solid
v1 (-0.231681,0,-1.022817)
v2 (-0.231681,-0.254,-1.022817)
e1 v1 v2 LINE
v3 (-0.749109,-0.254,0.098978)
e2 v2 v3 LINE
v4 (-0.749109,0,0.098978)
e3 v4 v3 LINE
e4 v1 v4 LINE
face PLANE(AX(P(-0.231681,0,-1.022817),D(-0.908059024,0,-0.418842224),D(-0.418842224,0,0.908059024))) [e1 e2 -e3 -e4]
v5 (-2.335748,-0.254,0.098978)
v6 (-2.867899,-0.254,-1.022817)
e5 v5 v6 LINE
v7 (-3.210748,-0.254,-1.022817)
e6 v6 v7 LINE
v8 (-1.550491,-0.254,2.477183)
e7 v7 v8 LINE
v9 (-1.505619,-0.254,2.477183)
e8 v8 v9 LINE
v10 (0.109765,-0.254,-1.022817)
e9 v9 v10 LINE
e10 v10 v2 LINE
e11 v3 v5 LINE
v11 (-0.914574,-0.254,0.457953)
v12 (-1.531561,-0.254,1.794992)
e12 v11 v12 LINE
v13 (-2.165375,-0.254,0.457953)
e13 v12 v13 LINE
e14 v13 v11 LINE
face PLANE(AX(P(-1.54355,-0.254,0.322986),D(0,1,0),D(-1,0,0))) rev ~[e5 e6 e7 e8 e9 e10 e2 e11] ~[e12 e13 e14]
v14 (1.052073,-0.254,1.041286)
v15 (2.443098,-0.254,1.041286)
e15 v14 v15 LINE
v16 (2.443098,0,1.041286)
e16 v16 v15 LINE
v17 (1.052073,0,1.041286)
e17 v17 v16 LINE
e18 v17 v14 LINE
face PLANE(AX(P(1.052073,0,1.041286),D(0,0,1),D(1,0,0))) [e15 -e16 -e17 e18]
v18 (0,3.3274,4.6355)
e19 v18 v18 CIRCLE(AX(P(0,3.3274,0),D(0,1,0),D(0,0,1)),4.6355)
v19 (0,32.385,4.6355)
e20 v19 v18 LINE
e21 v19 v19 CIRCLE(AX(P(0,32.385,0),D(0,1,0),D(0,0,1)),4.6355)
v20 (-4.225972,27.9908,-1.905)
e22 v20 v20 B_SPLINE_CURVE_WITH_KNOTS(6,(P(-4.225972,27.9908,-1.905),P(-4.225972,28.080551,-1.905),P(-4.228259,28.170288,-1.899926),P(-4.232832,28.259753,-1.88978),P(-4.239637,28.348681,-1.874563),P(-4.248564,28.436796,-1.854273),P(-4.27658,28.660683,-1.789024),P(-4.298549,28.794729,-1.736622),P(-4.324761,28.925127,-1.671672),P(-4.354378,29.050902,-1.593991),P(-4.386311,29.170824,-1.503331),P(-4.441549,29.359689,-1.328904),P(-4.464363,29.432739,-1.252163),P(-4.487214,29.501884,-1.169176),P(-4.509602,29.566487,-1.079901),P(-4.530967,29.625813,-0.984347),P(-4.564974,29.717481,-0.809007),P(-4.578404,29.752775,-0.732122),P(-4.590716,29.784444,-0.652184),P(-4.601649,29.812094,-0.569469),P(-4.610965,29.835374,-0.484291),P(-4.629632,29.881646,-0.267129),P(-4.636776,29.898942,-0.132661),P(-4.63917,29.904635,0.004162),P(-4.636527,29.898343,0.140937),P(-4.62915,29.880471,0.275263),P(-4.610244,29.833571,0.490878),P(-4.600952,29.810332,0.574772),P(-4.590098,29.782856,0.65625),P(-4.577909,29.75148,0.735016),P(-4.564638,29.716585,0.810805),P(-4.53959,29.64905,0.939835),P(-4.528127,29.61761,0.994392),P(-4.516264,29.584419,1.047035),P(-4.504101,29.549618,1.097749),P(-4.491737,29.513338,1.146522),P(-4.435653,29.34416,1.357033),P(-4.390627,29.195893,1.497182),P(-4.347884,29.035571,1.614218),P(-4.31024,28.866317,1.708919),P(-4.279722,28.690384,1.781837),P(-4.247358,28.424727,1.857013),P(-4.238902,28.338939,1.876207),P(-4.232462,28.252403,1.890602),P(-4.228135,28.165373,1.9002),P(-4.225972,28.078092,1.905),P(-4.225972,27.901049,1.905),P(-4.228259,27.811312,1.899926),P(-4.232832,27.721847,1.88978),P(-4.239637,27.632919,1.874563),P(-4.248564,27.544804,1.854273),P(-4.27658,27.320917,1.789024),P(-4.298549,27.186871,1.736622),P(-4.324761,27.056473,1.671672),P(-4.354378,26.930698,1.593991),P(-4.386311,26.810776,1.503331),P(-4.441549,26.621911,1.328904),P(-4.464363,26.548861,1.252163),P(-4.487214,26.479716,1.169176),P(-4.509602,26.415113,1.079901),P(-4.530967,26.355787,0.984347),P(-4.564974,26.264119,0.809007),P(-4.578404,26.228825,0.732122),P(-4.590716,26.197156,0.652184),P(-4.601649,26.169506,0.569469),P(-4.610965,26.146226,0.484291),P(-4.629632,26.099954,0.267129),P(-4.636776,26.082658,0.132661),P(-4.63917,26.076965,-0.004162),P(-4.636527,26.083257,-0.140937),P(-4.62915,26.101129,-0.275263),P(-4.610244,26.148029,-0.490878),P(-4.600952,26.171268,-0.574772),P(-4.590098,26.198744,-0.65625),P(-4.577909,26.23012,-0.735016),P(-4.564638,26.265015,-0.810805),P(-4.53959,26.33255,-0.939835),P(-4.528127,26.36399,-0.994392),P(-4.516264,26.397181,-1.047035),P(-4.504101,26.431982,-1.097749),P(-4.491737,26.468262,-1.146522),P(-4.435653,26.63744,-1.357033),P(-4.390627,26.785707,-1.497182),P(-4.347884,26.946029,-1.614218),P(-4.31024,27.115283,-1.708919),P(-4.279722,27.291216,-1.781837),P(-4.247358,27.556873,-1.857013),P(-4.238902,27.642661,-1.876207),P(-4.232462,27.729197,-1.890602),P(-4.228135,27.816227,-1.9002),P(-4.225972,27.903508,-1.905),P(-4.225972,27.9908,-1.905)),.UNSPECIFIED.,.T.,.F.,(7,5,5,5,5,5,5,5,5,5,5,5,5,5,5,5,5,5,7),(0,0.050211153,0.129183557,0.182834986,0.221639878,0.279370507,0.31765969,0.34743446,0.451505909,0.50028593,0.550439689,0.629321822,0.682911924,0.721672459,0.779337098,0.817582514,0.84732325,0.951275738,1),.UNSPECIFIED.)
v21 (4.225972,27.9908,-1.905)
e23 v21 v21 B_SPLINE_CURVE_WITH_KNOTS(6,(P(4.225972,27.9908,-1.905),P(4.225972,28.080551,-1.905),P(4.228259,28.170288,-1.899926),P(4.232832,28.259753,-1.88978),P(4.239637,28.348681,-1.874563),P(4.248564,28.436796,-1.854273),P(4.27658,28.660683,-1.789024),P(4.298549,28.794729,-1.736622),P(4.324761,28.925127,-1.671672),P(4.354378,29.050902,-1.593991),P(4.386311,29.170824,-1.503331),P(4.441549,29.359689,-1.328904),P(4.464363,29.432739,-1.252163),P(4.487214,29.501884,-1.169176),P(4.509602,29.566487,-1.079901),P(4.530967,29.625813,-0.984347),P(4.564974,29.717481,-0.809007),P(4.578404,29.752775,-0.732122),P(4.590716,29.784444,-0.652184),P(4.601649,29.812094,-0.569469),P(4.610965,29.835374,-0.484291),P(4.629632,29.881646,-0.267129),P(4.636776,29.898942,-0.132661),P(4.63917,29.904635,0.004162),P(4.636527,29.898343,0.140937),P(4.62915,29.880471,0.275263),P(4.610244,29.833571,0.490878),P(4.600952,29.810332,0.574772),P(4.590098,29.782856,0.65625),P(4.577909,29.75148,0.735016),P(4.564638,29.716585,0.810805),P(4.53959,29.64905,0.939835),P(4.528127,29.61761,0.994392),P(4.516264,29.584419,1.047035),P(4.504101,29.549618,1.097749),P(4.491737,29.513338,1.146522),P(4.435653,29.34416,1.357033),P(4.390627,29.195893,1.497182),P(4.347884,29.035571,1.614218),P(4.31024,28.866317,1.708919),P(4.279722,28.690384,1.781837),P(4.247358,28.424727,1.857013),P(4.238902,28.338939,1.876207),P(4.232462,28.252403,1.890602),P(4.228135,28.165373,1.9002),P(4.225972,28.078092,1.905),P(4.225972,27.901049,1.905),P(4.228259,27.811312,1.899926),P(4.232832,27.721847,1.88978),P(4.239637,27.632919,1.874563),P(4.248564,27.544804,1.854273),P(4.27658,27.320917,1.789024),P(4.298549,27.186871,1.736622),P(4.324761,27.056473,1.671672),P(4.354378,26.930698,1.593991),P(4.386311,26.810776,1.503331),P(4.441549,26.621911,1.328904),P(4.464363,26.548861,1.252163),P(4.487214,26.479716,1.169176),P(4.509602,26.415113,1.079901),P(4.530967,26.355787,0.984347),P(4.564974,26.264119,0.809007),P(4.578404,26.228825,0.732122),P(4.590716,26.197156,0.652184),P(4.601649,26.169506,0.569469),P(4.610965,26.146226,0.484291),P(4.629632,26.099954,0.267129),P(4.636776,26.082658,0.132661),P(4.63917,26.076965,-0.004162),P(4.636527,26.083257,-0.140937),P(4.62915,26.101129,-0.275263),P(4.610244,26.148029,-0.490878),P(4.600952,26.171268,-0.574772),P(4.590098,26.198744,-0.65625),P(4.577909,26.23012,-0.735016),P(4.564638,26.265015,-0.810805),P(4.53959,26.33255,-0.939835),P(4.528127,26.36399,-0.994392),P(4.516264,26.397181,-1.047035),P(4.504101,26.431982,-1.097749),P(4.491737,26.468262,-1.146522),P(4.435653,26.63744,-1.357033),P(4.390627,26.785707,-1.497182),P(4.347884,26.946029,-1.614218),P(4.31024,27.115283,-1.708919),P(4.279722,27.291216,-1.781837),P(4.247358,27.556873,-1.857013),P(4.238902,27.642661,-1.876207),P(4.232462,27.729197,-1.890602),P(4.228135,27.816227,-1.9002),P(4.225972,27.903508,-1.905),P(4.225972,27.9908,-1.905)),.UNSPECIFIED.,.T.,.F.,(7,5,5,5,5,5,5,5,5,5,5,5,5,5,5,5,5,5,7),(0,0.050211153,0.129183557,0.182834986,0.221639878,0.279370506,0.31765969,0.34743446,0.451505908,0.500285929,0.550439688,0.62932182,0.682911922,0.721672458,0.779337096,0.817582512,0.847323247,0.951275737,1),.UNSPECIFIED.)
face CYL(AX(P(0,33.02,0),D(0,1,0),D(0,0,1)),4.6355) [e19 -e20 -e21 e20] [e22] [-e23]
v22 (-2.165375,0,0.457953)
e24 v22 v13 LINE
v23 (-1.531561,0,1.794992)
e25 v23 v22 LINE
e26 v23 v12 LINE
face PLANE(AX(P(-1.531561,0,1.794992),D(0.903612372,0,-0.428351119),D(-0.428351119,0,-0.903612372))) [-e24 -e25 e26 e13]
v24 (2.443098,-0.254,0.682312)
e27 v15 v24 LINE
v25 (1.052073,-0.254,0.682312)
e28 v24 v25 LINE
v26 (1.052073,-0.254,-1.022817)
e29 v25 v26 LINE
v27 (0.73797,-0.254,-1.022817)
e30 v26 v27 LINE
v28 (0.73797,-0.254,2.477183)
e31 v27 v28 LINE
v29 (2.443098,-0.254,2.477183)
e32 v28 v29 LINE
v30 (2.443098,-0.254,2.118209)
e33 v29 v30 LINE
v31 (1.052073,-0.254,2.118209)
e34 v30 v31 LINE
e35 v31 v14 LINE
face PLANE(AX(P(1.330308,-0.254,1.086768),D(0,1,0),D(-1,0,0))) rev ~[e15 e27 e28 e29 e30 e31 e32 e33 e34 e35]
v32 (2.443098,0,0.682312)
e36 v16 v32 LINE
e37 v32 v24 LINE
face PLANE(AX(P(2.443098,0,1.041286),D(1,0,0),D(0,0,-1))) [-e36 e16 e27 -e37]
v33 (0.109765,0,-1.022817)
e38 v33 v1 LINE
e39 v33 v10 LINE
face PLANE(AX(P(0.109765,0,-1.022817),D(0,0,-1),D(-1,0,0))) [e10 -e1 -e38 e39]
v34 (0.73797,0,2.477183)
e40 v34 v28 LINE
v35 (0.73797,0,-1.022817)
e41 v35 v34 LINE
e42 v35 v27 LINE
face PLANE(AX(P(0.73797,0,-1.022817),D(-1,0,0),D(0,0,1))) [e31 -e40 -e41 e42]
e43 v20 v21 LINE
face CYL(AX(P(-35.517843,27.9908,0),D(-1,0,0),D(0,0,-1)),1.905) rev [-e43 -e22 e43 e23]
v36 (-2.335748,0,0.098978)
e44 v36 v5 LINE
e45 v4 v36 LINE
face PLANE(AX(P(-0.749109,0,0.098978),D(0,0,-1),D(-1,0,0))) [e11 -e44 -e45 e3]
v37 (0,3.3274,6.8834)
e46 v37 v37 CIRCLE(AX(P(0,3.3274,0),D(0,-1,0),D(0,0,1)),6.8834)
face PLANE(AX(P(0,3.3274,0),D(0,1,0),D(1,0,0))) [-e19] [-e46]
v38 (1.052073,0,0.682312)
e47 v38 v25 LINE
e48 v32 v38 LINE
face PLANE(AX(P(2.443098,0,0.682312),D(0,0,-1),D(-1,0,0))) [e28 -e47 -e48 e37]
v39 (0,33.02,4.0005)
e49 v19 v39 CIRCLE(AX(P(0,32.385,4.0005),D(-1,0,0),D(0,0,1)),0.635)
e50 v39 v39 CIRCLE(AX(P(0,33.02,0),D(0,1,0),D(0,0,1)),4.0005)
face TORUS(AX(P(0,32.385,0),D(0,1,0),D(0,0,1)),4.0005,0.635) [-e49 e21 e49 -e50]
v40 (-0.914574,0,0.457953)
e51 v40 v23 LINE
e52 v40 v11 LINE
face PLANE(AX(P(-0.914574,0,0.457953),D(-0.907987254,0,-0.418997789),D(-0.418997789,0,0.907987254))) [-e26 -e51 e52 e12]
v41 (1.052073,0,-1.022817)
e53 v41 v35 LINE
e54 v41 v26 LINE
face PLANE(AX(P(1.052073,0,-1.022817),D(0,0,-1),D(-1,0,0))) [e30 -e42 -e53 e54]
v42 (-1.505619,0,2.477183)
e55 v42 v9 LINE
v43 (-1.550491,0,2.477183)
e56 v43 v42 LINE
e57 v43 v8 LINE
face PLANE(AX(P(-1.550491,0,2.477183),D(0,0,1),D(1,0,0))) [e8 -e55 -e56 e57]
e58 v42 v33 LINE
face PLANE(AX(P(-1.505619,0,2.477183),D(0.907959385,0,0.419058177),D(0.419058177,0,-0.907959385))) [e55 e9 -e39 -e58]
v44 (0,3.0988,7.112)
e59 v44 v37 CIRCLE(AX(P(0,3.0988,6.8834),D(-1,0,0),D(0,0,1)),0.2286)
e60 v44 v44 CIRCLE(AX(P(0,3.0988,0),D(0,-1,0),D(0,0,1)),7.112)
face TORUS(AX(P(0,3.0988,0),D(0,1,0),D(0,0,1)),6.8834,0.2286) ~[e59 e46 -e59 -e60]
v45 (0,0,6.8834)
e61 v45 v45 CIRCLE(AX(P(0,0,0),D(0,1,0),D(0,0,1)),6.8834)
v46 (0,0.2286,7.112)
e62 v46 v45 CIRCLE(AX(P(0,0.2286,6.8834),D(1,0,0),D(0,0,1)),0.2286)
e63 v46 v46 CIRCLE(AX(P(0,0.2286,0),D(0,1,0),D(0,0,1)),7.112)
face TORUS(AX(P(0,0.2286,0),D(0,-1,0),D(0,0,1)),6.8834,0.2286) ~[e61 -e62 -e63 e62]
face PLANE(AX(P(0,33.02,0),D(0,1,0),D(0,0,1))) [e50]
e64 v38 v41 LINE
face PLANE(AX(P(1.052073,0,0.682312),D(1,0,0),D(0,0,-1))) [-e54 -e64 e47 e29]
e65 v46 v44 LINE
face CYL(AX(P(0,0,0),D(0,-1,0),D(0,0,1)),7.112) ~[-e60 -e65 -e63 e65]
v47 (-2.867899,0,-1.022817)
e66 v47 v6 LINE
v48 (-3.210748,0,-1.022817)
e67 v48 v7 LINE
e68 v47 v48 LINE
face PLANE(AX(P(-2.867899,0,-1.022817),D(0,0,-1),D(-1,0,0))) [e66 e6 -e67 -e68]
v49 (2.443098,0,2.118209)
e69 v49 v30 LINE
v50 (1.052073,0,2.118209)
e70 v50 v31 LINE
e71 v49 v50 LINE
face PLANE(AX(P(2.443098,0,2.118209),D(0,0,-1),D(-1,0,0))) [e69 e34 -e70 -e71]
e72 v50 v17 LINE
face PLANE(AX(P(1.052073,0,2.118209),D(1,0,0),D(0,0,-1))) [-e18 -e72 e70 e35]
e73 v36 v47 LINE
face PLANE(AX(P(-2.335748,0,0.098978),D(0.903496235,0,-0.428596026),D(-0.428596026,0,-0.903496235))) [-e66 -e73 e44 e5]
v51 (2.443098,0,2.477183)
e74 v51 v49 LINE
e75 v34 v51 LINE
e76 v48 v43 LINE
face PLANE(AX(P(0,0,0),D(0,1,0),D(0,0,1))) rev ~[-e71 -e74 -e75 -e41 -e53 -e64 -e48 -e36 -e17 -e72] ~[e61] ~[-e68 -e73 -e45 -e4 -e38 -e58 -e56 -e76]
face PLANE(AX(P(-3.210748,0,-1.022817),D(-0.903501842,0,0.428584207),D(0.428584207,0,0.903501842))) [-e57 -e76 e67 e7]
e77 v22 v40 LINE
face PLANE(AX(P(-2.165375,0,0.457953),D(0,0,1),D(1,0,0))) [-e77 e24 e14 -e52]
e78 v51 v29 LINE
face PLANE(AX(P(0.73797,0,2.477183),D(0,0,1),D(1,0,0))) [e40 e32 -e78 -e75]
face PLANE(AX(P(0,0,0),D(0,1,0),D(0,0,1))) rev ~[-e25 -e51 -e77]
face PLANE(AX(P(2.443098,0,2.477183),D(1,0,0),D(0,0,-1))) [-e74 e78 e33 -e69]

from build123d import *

# Parameters (mm, degrees)
SKETCH1_R               = 7.112
BOSS_EXTRUDE1_DEPTH     = 33.02
SKETCH2_OUTSIDE_W       = 23.956
SKETCH2_OUTSIDE_H       = 23.956
SKETCH2_OUTSIDE_R       = 4.6355
CUT_EXTRUDE1_DEPTH      = 29.6926
CUT_EXTRUDE2_DEPTH      = 35.517843038
CUT_EXTRUDE2_DEPTH_BACK = 35.517843038
SKETCH3_R               = 1.905
BOSS_EXTRUDE2_DEPTH     = 0.254
FILLET1_R               = 0.2286
FILLET2_R               = 0.635


with BuildPart() as part:
    # Sketch1 → Boss-Extrude1 (new body)
    with BuildSketch(Plane(origin=(0, 0, 0), x_dir=(1, 0, 0), z_dir=(0, 1, 0))):
        with Locations(Location((0, 0, 0), (0, 0, 270))):
            Circle(SKETCH1_R)
    extrude(amount=BOSS_EXTRUDE1_DEPTH)

    # Sketch2 outside → Cut-Extrude1 (cut)
    with BuildSketch(Plane(origin=(0, 33.02, 0), x_dir=(1, 0, 0), z_dir=(0, 1, 0))):
        Rectangle(SKETCH2_OUTSIDE_W, SKETCH2_OUTSIDE_H)
        with Locations(Location((0, 0, 0), (0, 0, 270))):
            Circle(SKETCH2_OUTSIDE_R, mode=Mode.SUBTRACT)
    extrude(amount=-CUT_EXTRUDE1_DEPTH, mode=Mode.SUBTRACT)

    # Sketch3 → Cut-Extrude2 (cut, two sides: drawn at the far end of the back side and taken through both)
    with BuildSketch(Plane(origin=(0, 0, 0), x_dir=(0, 0, -1), z_dir=(1, 0, 0)).offset(-CUT_EXTRUDE2_DEPTH_BACK)):
        with Locations((0, 27.9908)):
            Circle(SKETCH3_R)
    extrude(amount=CUT_EXTRUDE2_DEPTH + CUT_EXTRUDE2_DEPTH_BACK, mode=Mode.SUBTRACT)

    # Sketch4 → Boss-Extrude2 (add)
    # profile 1 of 2: a face of its own
    with BuildSketch(Plane.XZ):
        Polygon((-1.505619488, 2.477183377), (0.109765127, -1.022816623), (-0.231681187, -1.022816623), (-0.749109071, 0.098978249), (-2.335747693, 0.098978249), (-2.867899135, -1.022816623), (-3.210747693, -1.022816623), (-1.550491283, 2.477183377), align=None)
        Polygon((-1.531560994, 1.794991871), (-2.165375097, 0.457952608), (-0.914573815, 0.457952608), align=None, mode=Mode.SUBTRACT)
    # profile 2 of 2: a face of its own
    with BuildSketch(Plane.XZ):
        Polygon((0.737970256, 2.477183377), (2.443098461, 2.477183377), (2.443098461, 2.118209018), (1.05207282, 2.118209018), (1.05207282, 1.041285942), (2.443098461, 1.041285942), (2.443098461, 0.682311583), (1.05207282, 0.682311583), (1.05207282, -1.022816623), (0.737970256, -1.022816623), align=None)
    extrude(amount=BOSS_EXTRUDE2_DEPTH)

    # Fillet1
    fillet1_edges = [part.edges().sort_by_distance(p)[0] for p in [
        (0, 0, -7.112),
        (0, 3.3274, -7.112),
    ]]
    fillet(fillet1_edges, radius=FILLET1_R)

    # Fillet2
    fillet2_edges = [part.edges().sort_by_distance(p)[0] for p in [
        (0, 33.02, -4.6355),
    ]]
    fillet(fillet2_edges, radius=FILLET2_R)


solid = part.part
